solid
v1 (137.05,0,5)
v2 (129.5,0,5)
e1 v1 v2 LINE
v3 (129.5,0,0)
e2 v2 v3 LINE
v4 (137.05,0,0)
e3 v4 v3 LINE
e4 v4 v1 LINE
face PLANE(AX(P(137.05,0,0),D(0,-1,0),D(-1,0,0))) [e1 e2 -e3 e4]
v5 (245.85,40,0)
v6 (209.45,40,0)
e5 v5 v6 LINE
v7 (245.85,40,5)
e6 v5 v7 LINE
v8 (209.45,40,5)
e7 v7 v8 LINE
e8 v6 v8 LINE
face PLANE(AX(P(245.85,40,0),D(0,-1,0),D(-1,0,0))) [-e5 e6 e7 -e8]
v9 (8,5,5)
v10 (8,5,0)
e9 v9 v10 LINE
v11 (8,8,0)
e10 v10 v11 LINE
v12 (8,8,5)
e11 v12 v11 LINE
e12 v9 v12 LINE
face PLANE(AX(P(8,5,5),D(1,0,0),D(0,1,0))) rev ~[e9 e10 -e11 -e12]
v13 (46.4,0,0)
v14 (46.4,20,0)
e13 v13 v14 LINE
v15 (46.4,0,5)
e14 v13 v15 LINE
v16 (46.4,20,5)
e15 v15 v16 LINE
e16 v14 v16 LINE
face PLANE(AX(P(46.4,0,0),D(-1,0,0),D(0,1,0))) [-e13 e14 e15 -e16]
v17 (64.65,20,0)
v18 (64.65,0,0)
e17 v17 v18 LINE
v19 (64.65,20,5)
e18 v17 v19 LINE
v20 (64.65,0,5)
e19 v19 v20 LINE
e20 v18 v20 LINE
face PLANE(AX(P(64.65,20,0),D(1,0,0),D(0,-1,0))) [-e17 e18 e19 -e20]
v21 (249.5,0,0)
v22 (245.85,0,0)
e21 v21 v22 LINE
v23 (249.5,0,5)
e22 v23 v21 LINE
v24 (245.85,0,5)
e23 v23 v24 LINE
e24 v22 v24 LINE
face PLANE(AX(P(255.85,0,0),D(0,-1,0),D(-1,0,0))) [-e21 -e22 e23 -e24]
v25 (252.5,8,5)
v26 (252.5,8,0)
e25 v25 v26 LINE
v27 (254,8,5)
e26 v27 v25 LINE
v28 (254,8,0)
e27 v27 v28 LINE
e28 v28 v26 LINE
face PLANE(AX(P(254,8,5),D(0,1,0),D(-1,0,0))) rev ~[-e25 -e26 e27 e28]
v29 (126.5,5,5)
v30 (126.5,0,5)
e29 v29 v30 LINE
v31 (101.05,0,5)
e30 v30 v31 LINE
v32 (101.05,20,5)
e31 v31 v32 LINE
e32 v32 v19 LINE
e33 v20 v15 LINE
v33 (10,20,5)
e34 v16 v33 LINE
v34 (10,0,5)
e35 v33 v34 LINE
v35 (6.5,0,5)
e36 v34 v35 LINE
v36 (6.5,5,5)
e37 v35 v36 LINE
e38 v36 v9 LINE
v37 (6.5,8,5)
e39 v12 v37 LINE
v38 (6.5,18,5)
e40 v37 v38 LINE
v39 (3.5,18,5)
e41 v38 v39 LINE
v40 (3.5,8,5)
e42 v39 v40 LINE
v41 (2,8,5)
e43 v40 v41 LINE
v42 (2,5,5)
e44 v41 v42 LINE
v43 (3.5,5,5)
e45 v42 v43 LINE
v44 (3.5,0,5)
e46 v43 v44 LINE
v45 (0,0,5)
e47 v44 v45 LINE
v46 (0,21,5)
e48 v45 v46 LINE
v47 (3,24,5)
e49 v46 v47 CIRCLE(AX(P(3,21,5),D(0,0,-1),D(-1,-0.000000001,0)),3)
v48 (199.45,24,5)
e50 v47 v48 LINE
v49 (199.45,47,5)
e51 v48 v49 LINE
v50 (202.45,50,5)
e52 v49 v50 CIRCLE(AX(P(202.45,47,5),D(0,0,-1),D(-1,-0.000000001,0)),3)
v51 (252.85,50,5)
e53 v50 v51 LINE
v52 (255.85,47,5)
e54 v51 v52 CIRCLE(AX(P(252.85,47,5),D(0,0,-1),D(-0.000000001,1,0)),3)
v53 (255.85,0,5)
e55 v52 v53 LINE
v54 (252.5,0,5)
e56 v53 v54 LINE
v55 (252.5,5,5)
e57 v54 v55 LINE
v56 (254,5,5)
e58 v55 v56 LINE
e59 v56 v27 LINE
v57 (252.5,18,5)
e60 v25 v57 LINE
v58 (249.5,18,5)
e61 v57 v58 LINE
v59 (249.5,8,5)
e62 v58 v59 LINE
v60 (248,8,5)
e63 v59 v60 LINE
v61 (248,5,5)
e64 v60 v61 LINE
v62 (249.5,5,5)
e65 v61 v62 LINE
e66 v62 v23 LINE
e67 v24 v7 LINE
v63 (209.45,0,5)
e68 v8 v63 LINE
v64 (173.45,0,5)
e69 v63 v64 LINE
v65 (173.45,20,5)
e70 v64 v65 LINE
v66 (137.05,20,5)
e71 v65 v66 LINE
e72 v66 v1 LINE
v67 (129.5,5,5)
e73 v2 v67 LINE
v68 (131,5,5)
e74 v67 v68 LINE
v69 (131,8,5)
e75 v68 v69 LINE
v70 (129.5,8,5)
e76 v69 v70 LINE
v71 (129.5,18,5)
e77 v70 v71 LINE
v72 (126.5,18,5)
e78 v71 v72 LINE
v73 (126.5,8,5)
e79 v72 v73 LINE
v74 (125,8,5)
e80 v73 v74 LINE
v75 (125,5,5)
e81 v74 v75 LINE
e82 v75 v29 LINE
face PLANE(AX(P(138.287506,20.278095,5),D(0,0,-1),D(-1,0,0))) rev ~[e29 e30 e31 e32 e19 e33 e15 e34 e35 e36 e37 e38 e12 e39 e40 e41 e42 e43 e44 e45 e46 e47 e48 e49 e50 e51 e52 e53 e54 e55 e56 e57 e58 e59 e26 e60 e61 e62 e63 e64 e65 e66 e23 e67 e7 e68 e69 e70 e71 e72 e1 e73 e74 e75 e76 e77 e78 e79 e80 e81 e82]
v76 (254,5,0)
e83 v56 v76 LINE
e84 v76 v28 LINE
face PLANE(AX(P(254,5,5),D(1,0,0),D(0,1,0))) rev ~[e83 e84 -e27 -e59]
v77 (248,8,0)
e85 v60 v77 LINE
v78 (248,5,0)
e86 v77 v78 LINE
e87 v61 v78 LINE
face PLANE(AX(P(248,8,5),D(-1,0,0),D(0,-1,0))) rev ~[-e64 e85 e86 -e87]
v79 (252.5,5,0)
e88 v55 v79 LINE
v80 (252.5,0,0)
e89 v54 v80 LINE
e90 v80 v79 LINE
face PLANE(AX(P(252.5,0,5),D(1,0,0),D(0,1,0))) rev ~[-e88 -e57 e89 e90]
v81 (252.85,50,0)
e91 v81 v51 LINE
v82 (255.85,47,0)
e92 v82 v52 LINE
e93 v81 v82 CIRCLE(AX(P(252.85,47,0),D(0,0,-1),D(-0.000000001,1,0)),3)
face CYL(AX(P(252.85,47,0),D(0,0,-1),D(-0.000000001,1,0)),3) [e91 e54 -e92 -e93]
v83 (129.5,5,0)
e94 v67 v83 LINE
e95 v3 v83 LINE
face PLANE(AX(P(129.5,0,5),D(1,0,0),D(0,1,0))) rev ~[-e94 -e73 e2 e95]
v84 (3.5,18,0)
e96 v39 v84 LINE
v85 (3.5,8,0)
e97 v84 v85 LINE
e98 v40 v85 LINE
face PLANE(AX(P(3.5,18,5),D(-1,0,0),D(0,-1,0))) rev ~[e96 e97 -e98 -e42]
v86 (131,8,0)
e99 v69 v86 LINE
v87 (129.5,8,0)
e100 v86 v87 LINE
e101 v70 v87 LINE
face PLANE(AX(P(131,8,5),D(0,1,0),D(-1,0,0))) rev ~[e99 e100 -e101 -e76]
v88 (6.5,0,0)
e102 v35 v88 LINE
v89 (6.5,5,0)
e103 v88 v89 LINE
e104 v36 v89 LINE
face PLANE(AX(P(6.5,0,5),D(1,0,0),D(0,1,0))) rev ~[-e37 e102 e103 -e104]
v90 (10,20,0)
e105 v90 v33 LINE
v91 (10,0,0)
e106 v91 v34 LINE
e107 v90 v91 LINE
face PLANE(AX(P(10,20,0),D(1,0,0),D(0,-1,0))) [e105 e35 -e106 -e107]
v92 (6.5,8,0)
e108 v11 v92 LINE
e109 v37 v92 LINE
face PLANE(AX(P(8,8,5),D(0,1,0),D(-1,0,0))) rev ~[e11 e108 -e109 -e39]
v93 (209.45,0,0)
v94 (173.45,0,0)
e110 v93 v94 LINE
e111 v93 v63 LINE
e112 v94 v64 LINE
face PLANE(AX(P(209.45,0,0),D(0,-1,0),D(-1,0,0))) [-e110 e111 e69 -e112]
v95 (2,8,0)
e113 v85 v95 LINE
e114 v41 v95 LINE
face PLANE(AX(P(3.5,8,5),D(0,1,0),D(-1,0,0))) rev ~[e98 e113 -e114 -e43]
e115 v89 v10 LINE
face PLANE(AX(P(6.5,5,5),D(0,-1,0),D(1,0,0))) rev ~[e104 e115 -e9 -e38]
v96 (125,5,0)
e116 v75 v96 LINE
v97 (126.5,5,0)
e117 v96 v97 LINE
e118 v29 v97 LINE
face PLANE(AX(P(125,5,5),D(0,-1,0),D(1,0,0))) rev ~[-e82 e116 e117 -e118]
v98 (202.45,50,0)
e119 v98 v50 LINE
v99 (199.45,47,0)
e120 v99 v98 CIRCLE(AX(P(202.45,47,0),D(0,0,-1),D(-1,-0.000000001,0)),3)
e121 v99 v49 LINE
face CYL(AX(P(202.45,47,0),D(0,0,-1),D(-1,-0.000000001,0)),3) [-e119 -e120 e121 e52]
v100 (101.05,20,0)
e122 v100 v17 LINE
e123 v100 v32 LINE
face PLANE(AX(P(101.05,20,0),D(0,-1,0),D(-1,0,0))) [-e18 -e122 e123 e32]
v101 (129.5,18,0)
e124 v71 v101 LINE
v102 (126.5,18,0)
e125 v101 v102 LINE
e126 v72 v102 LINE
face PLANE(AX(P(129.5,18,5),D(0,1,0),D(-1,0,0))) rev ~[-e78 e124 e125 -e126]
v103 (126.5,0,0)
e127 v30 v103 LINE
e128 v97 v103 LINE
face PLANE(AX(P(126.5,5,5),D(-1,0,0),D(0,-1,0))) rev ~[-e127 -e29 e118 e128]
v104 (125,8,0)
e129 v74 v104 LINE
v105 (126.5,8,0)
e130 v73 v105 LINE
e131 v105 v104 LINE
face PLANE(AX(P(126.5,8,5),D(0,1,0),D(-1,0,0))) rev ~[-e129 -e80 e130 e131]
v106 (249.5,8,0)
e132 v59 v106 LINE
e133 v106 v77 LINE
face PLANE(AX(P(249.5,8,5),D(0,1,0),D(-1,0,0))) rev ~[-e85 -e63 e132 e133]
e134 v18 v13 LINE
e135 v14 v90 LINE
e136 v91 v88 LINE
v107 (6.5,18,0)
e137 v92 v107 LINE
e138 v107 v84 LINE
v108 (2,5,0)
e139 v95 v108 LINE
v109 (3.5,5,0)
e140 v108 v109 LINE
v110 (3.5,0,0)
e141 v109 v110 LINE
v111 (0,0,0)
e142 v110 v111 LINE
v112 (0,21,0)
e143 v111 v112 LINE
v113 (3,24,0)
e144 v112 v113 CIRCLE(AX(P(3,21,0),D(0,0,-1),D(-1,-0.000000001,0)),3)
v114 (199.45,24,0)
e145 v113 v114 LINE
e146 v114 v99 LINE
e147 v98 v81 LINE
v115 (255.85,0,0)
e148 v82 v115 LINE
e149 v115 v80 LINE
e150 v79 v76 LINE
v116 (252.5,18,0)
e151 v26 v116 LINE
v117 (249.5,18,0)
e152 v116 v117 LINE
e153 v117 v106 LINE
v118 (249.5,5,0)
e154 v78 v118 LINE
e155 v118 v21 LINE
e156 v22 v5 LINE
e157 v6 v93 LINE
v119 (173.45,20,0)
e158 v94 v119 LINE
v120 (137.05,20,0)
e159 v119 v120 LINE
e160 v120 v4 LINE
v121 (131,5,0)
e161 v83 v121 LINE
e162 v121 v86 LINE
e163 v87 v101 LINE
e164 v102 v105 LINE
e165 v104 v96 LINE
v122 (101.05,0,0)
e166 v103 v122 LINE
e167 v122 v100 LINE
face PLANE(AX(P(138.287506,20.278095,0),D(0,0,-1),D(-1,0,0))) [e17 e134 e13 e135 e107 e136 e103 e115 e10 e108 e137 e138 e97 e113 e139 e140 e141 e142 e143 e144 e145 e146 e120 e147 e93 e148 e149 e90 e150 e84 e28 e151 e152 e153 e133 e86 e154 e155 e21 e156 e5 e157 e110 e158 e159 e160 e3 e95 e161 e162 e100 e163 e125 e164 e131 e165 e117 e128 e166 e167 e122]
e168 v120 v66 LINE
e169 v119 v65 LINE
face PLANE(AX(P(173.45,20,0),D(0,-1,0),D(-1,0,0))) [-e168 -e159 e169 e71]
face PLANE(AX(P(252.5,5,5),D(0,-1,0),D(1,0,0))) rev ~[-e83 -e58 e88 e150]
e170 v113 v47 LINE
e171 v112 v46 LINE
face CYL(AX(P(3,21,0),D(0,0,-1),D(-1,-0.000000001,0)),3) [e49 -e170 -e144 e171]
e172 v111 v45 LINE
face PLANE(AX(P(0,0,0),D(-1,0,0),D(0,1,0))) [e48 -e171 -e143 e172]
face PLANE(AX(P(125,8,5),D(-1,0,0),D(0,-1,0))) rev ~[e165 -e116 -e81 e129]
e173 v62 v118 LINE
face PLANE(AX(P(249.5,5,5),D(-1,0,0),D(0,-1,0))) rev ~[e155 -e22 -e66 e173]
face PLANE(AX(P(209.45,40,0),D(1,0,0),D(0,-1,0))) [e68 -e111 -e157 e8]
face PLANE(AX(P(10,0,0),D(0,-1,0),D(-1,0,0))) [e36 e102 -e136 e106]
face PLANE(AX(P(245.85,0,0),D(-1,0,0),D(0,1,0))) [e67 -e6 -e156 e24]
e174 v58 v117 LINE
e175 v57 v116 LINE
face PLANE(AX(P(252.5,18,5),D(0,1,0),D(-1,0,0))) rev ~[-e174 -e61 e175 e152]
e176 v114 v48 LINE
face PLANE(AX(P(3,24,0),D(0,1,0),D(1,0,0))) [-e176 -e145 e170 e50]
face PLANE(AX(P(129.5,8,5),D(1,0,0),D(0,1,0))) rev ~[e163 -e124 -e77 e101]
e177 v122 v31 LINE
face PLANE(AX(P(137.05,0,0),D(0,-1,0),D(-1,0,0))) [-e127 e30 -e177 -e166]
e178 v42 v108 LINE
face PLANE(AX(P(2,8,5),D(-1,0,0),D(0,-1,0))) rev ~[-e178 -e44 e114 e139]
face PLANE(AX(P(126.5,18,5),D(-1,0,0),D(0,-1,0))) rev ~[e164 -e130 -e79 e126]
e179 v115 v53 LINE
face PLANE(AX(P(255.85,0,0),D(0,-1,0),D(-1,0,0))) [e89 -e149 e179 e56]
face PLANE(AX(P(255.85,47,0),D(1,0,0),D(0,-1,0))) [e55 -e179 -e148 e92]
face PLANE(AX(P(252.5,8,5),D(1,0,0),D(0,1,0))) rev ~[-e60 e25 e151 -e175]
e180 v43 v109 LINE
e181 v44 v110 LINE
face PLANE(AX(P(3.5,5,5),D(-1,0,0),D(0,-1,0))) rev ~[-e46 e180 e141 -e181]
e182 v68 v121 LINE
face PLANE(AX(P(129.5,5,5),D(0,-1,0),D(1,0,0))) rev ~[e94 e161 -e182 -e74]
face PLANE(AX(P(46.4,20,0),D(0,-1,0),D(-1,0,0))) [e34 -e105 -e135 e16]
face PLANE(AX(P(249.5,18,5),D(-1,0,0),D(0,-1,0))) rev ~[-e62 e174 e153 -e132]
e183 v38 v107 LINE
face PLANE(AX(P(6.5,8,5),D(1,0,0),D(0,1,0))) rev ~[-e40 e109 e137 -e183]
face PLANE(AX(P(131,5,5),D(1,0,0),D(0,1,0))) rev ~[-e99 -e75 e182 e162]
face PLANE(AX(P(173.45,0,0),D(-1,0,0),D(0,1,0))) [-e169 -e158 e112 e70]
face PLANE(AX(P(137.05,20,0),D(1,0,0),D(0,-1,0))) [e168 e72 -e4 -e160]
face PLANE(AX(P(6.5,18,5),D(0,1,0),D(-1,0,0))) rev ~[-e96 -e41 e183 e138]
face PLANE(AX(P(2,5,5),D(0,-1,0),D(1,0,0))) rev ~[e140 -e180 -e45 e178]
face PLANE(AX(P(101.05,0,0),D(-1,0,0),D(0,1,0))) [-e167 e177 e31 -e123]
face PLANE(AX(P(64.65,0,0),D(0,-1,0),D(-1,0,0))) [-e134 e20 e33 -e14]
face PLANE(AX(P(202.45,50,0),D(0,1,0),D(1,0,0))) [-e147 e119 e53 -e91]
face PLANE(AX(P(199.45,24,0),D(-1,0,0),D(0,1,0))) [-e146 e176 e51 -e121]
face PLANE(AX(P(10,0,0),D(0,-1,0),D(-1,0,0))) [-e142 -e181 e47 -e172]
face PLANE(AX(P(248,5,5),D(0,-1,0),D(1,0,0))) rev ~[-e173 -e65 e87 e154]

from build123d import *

# Parameters (mm, degrees)
BOSS_EXTRU_1_DEPTH         = 5
ENL_V_MAT_EXTRU_2_DEPTH    = 5
R_P_TITION_LIN_AIRE1_COUNT = 3
R_P_TITION_LIN_AIRE1_PITCH = 123


with BuildPart() as part:
    # Esquisse1 → Boss.-Extru.1 (new body)
    with BuildSketch(Plane.XY):
        with BuildLine():
            Line((0, 0), (0, 21))
            ThreePointArc((0, 21), (0.878679656, 23.121320344), (3, 24))
            Line((3, 24), (199.45, 24))
            Line((199.45, 24), (199.45, 47))
            ThreePointArc((199.45, 47), (200.328679656, 49.121320344), (202.45, 50))
            Line((202.45, 50), (252.85, 50))
            ThreePointArc((252.85, 50), (254.971320344, 49.121320344), (255.85, 47))
            Line((255.85, 47), (255.85, 0))
            Line((255.85, 0), (245.85, 0))
            Line((245.85, 0), (245.85, 40))
            Line((245.85, 40), (209.45, 40))
            Line((209.45, 40), (209.45, 0))
            Line((209.45, 0), (173.45, 0))
            Line((173.45, 0), (173.45, 20))
            Line((173.45, 20), (137.05, 20))
            Line((137.05, 20), (137.05, 0))
            Line((137.05, 0), (101.05, 0))
            Line((101.05, 0), (101.05, 20))
            Line((101.05, 20), (64.65, 20))
            Line((64.65, 20), (64.65, 0))
            Line((64.65, 0), (46.4, 0))
            Line((46.4, 0), (46.4, 20))
            Line((46.4, 20), (10, 20))
            Line((10, 20), (10, 0))
            Line((10, 0), (0, 0))
        make_face()
    extrude(amount=BOSS_EXTRU_1_DEPTH)

    # Esquisse2 → Enlèv. mat.-Extru.2 (cut)
    with BuildSketch(Plane.XY.offset(5)):
        Polygon((6.5, 0), (6.5, 5), (8, 5), (8, 8), (6.5, 8), (6.5, 18), (3.5, 18), (3.5, 8), (2, 8), (2, 5), (3.5, 5), (3.5, 0), align=None)
    enl_v_mat_extru_2 = extrude(amount=-ENL_V_MAT_EXTRU_2_DEPTH, mode=Mode.SUBTRACT)

    # Répétition linéaire1: Enlèv. mat.-Extru.2 ×3
    with Locations(*[(i * R_P_TITION_LIN_AIRE1_PITCH, 0, 0) for i in range(1, R_P_TITION_LIN_AIRE1_COUNT)]):
        add(enl_v_mat_extru_2, mode=Mode.SUBTRACT)


solid = part.part
